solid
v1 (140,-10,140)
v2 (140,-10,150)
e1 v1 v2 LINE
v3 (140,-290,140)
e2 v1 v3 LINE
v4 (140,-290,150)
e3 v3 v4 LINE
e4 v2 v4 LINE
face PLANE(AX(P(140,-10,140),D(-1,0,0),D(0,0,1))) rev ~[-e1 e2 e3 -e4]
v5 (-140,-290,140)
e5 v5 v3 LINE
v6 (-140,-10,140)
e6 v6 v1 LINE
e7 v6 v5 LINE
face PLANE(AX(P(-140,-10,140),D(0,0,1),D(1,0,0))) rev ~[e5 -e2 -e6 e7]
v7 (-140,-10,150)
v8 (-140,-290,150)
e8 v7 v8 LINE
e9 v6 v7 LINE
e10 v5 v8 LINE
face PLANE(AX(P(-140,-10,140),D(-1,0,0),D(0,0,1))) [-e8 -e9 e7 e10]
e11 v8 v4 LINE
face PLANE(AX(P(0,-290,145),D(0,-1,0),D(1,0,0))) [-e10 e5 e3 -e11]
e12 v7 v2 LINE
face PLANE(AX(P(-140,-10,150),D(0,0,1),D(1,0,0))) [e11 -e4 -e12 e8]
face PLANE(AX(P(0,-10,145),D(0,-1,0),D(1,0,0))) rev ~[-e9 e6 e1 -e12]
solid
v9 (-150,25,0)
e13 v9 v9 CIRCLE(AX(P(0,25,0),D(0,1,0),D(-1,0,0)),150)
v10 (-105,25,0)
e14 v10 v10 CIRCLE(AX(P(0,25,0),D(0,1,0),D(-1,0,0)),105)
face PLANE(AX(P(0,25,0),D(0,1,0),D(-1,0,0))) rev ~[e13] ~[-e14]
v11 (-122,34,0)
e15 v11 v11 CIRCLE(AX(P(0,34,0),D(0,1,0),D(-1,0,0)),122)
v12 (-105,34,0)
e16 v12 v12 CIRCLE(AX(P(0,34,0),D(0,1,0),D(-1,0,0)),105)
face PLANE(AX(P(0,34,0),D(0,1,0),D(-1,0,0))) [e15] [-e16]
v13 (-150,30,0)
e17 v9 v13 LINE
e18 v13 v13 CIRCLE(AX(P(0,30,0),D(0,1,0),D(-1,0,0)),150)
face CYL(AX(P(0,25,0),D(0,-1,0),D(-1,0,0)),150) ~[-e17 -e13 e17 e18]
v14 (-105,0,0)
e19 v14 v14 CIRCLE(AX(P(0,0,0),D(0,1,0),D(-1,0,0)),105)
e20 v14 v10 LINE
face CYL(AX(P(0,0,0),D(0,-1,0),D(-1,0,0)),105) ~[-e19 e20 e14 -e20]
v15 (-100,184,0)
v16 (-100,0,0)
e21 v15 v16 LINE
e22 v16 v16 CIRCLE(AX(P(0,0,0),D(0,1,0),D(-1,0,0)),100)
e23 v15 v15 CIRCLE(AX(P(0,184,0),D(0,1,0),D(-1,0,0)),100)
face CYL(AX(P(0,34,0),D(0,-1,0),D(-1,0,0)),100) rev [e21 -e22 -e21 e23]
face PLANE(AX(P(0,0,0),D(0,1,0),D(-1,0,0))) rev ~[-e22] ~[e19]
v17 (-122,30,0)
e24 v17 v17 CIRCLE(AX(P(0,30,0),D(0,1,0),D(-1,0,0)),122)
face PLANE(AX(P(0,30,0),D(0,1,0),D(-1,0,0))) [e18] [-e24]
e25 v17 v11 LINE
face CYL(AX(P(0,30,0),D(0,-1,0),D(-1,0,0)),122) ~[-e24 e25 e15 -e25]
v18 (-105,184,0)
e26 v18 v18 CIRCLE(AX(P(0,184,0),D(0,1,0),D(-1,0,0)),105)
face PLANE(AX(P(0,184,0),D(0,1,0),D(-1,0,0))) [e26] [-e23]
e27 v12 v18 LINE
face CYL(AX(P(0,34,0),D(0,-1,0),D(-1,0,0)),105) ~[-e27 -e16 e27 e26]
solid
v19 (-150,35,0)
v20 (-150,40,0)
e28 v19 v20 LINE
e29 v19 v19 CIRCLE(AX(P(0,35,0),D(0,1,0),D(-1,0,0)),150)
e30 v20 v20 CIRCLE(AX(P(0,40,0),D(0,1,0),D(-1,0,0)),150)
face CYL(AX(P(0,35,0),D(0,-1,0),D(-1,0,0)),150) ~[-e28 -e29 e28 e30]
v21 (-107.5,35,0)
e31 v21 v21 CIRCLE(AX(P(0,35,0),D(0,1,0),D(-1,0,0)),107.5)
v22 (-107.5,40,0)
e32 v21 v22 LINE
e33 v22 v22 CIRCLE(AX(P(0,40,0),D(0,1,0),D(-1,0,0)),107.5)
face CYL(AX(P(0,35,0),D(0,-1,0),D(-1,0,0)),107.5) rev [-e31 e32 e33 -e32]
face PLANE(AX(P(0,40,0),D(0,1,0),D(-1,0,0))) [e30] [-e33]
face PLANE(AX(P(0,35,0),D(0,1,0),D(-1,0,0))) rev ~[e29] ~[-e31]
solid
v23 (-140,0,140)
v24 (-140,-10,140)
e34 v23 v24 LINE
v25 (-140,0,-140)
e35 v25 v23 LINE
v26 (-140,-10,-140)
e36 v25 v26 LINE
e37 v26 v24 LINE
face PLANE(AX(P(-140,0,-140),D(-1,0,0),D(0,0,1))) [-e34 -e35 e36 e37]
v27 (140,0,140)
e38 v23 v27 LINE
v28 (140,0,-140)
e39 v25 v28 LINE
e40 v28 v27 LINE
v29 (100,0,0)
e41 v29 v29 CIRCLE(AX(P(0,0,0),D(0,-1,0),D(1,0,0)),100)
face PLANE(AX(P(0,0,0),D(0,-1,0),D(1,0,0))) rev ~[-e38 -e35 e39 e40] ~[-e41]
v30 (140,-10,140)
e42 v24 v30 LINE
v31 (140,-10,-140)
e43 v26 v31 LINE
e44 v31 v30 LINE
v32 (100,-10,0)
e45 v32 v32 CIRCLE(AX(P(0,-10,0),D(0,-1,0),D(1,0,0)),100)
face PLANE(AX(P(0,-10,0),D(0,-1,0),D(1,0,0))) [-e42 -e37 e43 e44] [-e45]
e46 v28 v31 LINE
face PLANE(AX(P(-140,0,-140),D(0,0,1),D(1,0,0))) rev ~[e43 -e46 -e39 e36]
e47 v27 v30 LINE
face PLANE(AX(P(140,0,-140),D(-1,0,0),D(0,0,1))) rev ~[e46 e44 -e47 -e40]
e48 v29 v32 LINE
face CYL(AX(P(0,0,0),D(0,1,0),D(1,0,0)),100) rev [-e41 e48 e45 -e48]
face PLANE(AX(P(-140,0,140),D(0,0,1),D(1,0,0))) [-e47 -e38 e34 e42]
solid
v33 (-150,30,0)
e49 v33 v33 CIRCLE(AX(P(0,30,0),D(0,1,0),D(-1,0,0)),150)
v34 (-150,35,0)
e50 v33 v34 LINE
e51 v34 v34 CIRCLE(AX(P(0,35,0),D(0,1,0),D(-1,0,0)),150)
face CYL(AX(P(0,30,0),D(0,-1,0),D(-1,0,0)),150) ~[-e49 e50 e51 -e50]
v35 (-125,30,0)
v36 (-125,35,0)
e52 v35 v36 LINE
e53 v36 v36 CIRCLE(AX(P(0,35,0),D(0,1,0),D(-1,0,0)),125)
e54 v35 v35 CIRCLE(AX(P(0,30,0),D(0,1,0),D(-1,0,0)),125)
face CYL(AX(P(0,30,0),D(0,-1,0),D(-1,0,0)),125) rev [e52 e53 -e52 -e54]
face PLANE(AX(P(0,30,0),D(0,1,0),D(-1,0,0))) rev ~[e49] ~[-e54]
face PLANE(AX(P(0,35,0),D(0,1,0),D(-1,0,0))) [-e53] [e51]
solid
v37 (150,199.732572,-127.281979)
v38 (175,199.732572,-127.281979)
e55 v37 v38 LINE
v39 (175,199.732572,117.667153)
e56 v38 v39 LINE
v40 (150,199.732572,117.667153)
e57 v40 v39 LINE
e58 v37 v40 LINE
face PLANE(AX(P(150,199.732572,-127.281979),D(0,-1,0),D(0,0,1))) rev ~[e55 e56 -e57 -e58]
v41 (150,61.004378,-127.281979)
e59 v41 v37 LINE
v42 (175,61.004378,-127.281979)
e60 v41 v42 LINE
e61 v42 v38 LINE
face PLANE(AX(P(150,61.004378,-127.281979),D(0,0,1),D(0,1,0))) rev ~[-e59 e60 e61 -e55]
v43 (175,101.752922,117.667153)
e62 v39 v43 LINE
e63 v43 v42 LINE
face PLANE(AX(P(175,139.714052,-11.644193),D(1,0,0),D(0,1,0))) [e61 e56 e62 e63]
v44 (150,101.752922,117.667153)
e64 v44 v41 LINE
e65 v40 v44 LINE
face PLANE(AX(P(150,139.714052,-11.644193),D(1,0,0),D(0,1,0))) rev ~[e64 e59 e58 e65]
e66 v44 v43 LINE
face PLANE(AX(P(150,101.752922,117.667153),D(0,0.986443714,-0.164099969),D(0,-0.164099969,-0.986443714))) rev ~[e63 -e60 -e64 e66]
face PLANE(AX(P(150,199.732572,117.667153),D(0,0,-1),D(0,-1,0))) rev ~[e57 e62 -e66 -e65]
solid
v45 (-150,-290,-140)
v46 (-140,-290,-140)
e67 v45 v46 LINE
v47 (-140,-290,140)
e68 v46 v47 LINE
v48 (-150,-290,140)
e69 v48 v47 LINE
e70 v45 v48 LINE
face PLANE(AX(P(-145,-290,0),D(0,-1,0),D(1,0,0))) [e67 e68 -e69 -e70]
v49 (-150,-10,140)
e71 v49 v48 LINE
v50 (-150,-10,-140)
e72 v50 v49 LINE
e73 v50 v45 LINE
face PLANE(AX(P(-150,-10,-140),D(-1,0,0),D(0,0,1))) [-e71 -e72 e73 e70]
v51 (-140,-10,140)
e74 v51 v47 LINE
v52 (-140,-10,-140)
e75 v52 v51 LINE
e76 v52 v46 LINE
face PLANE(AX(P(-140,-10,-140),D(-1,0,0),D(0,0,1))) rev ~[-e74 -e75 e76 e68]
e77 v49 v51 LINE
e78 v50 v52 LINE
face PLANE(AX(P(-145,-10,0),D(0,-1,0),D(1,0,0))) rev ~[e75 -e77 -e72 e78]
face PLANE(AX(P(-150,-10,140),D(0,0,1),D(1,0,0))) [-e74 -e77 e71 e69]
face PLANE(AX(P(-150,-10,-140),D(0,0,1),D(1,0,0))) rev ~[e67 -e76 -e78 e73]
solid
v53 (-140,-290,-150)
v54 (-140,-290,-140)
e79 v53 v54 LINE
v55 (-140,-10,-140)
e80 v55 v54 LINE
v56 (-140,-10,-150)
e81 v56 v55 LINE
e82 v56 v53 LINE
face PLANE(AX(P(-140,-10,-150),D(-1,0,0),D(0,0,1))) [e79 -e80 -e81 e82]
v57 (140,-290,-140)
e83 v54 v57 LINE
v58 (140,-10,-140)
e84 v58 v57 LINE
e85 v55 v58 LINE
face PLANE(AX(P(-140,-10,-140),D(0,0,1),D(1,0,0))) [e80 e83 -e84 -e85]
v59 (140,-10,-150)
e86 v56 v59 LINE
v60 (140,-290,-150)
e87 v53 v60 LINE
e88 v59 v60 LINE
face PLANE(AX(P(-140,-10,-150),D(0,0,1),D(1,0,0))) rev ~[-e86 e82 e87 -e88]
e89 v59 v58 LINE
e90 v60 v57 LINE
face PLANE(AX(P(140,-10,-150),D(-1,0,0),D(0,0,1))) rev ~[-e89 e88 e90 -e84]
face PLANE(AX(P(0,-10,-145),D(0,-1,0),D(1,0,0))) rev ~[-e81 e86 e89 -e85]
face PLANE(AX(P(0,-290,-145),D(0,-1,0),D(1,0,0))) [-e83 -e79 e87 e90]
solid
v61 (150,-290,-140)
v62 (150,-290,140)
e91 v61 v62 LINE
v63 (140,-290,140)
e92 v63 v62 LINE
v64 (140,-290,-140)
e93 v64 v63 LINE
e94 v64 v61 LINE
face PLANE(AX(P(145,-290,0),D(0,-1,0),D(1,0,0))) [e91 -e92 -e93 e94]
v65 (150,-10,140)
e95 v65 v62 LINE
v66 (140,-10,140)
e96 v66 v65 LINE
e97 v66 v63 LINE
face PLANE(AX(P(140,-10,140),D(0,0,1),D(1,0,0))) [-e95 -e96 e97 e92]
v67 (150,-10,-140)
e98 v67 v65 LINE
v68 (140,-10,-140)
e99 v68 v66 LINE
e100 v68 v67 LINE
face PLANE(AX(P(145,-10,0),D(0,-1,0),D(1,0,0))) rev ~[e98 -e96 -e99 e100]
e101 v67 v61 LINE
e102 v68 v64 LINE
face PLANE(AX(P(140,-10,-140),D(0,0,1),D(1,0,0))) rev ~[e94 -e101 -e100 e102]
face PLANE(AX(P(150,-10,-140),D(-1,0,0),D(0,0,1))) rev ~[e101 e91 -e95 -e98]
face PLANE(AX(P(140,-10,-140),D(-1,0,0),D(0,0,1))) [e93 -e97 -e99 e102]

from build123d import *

# Parameters (mm, degrees)
F0_W      = 280
F0_H      = 280
F0_R      = 100
F1_DEPTH  = 10
F2_W      = 280
F2_H      = 10
F3_DEPTH  = 280
F4_W      = 10
F4_H      = 280
F5_DEPTH  = 280
F6_W      = 10
F6_H      = 280
F7_DEPTH  = 280
F8_W      = 280
F8_H      = 10
F9_DEPTH  = 280
F10_R     = 105
F10_R_2   = 100
F11_DEPTH = 25
F12_R     = 150
F12_R_2   = 100
F13_DEPTH = 5
F14_R     = 150
F14_R_2   = 125
F15_DEPTH = 5
F16_R     = 122
F16_R_2   = 100
F17_DEPTH = 4
F18_R     = 105
F18_R_2   = 100
F19_DEPTH = 150
F20_R     = 150
F20_R_2   = 107.5
F21_DEPTH = 5
F23_DEPTH = 25


with BuildPart() as f1:
    # F0 (on Front) → F1 (new body)
    with BuildSketch(Plane.XZ):
        Rectangle(F0_W, F0_H)
        Circle(F0_R, mode=Mode.SUBTRACT)
    extrude(amount=F1_DEPTH)


with BuildPart() as f3:
    # F2 (on face) → F3 (new body)
    with BuildSketch(Plane.XZ.offset(10)):
        with Locations((0, 145)):
            Rectangle(F2_W, F2_H)
    extrude(amount=F3_DEPTH)


with BuildPart() as f5:
    # F4 (on face) → F5 (new body)
    with BuildSketch(Plane.XZ.offset(10)):
        with Locations((-145, 0)):
            Rectangle(F4_W, F4_H)
    extrude(amount=F5_DEPTH)


with BuildPart() as f7:
    # F6 (on face) → F7 (new body)
    with BuildSketch(Plane.XZ.offset(10)):
        with Locations((145, 0)):
            Rectangle(F6_W, F6_H)
    extrude(amount=F7_DEPTH)


with BuildPart() as f9:
    # F8 (on face) → F9 (new body)
    with BuildSketch(Plane.XZ.offset(10)):
        with Locations((0, -145)):
            Rectangle(F8_W, F8_H)
    extrude(amount=F9_DEPTH)


with BuildPart() as f11:
    # F10 (on face) → F11 (new body)
    with BuildSketch(Plane(origin=(0, 0, 0), x_dir=(-1, 0, 0), z_dir=(0, 1, 0))):
        Circle(F10_R)
        Circle(F10_R_2, mode=Mode.SUBTRACT)
    extrude(amount=F11_DEPTH)

    # F12 (on face) → F13 (join)
    with BuildSketch(Plane(origin=(0, 25, 0), x_dir=(-1, 0, 0), z_dir=(0, 1, 0))):
        Circle(F12_R)
        Circle(F12_R_2, mode=Mode.SUBTRACT)
    extrude(amount=F13_DEPTH)

    # F16 (on face) → F17 (join)
    with BuildSketch(Plane(origin=(0, 30, 0), x_dir=(-1, 0, 0), z_dir=(0, 1, 0))):
        Circle(F16_R)
        Circle(F16_R_2, mode=Mode.SUBTRACT)
    extrude(amount=F17_DEPTH)

    # F18 (on face) → F19 (join)
    with BuildSketch(Plane(origin=(0, 34, 0), x_dir=(-1, 0, 0), z_dir=(0, 1, 0))):
        Circle(F18_R)
        Circle(F18_R_2, mode=Mode.SUBTRACT)
    extrude(amount=F19_DEPTH)


with BuildPart() as f15:
    # F14 (on face) → F15 (new body)
    with BuildSketch(Plane(origin=(0, 30, 0), x_dir=(-1, 0, 0), z_dir=(0, 1, 0))):
        Circle(F14_R)
        Circle(F14_R_2, mode=Mode.SUBTRACT)
    extrude(amount=F15_DEPTH)


with BuildPart() as f21:
    # F20 (on face) → F21 (new body)
    with BuildSketch(Plane(origin=(0, 35, 0), x_dir=(-1, 0, 0), z_dir=(0, 1, 0))):
        Circle(F20_R)
        Circle(F20_R_2, mode=Mode.SUBTRACT)
    extrude(amount=F21_DEPTH)


with BuildPart() as f23:
    # F22 (on face) → F23 (new body)
    with BuildSketch(Plane.YZ.offset(150)):
        Polygon((199.7325718403, 117.6671534777), (101.7529219389, 117.6671534777), (61.0043779016, -127.2819787264), (199.7325718403, -127.2819787264), align=None)
    extrude(amount=F23_DEPTH)


solid = Compound([f1.part, f3.part, f5.part, f7.part, f9.part, f11.part, f15.part, f21.part, f23.part])
